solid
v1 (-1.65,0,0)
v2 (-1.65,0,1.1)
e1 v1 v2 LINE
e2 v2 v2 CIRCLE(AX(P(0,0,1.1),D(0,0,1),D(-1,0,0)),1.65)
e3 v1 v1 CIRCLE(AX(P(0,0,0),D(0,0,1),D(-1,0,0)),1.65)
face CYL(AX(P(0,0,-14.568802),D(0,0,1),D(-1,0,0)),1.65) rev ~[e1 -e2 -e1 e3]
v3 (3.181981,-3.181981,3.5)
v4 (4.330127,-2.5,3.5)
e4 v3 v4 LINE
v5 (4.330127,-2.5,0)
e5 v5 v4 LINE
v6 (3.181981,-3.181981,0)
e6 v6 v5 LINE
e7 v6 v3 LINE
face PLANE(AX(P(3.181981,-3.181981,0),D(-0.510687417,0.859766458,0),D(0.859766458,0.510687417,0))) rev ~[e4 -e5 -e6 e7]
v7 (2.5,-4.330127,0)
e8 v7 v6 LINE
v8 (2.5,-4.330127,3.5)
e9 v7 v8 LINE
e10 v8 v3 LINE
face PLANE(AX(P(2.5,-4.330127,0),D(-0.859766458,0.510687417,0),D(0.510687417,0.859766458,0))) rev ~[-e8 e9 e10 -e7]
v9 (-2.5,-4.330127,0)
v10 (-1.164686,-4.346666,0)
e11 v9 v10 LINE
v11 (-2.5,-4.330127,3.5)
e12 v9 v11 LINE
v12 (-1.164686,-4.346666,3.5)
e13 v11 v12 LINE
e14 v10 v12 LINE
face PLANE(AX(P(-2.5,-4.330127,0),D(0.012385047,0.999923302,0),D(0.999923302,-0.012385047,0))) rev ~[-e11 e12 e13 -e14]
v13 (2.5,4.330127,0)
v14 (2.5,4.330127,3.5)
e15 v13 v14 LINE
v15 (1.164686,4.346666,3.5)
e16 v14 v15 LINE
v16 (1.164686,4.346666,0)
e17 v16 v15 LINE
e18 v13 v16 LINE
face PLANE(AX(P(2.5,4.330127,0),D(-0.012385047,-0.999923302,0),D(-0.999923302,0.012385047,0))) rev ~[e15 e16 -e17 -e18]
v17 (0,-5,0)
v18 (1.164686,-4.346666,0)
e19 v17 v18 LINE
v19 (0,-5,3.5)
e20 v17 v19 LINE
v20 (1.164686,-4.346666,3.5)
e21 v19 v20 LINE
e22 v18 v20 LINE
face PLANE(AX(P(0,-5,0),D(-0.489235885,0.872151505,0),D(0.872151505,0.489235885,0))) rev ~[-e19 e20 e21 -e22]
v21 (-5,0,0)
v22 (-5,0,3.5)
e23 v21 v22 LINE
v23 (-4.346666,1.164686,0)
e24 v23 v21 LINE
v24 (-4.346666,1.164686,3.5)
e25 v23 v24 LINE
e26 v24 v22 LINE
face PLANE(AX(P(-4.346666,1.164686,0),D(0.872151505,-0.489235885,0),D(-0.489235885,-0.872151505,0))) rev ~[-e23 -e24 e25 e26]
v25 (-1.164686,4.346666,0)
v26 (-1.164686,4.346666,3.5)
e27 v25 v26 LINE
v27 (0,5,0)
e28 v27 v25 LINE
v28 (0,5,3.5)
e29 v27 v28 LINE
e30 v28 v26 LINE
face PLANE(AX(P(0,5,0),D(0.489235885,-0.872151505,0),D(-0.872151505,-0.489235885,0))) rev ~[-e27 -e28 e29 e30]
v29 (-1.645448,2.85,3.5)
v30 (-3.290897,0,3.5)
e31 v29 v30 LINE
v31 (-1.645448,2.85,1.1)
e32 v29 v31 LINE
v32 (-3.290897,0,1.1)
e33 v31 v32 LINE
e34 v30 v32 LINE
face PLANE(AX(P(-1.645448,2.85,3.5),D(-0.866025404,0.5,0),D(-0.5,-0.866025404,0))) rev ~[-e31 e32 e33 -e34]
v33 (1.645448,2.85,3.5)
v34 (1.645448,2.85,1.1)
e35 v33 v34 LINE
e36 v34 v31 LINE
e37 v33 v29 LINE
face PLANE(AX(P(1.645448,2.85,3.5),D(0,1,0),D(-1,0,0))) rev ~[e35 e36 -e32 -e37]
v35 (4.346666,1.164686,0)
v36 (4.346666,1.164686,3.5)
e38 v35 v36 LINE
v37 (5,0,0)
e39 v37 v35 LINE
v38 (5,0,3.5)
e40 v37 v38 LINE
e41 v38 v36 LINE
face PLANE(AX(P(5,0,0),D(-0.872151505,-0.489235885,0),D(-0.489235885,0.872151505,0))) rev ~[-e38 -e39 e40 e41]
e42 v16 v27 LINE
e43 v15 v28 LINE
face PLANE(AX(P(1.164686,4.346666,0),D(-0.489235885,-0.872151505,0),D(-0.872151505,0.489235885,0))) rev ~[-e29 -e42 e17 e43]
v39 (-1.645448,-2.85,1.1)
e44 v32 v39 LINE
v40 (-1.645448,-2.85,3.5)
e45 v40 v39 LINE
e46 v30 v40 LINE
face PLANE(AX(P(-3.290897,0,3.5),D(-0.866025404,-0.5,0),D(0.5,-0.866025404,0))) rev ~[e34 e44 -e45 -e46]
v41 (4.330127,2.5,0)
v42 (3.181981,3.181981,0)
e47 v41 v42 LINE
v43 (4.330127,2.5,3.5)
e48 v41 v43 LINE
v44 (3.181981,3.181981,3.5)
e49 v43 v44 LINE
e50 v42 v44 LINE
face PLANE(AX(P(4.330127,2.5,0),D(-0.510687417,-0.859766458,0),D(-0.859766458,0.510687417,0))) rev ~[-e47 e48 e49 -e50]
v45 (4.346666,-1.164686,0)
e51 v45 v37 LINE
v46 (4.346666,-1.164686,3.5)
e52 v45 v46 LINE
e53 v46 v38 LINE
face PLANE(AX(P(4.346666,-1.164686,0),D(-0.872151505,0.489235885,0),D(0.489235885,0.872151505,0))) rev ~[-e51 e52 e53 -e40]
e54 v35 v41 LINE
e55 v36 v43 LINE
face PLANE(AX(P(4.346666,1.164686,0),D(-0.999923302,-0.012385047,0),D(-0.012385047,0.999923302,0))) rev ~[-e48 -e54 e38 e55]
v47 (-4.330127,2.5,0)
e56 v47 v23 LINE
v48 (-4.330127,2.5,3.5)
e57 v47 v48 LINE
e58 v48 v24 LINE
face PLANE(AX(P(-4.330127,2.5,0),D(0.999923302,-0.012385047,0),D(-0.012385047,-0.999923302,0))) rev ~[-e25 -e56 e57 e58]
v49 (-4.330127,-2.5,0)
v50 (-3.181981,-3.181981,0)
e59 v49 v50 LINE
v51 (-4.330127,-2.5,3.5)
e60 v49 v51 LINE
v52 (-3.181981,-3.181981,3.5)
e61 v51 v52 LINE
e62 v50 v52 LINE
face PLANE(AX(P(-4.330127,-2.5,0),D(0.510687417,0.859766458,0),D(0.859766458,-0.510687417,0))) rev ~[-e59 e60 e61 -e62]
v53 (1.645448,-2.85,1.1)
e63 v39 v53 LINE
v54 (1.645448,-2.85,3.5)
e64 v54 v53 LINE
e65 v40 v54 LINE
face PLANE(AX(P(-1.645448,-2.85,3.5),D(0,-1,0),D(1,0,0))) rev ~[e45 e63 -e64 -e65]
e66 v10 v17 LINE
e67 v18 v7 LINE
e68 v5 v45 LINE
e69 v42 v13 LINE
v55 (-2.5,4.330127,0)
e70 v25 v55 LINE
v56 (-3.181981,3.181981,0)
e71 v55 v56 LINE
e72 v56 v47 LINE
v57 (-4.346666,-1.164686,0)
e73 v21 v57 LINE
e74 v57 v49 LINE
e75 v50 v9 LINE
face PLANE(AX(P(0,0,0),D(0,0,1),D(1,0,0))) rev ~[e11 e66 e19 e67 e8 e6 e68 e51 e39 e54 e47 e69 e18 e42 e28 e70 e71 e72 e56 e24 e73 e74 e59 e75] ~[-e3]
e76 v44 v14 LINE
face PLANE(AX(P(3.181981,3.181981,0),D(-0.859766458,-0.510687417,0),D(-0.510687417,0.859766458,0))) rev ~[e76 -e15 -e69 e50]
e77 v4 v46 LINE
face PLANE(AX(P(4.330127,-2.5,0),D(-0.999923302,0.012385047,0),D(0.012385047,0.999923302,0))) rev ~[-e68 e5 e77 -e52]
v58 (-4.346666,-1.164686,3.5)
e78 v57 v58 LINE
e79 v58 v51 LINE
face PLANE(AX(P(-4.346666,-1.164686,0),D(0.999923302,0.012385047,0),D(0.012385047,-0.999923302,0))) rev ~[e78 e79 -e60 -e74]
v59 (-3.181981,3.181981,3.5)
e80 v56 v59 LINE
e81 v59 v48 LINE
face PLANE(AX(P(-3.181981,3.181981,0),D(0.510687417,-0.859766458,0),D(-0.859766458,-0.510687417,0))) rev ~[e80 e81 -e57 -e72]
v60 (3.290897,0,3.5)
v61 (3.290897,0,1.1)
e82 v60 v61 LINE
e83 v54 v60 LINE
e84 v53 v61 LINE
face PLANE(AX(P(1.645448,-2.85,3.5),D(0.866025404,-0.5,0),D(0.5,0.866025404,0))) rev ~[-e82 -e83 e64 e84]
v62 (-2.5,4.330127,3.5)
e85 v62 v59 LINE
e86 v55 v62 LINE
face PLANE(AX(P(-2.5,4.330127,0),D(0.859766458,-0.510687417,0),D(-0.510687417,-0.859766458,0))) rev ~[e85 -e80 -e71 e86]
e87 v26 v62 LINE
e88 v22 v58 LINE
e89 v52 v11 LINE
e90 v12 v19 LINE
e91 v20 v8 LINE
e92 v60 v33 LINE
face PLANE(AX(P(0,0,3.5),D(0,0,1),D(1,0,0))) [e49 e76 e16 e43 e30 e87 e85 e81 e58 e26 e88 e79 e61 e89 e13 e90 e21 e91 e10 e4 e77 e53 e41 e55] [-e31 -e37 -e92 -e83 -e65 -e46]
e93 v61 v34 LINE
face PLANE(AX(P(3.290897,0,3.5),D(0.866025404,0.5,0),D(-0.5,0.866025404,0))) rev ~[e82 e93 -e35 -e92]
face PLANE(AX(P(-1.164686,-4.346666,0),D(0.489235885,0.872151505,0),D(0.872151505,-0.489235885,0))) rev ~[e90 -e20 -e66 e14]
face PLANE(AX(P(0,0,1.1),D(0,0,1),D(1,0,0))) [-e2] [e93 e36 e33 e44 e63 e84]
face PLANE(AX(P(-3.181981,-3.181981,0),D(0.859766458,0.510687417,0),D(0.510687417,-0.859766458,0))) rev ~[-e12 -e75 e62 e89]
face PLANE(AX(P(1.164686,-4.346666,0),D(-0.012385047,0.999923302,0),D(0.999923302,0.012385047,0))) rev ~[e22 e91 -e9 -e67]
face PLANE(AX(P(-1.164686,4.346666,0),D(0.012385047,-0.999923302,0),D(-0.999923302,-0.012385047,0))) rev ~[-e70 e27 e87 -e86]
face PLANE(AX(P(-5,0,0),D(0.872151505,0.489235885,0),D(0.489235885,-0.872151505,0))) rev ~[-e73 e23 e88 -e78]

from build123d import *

# Parameters (mm, degrees)
F1_DEPTH = 3.5
F3_DEPTH = 2.4
F4_D     = 3.3


with BuildPart() as f1:
    # F0 (on Top) → F1 (new body)
    with BuildSketch(Plane.XY):
        Polygon((0, 5), (-1.164685703, 4.3466662183), (-2.5, 4.3301270189), (-3.1819805153, 3.1819805153), (-4.3301270189, 2.5), (-4.3466662183, 1.164685703), (-5, 0), (-4.3466662183, -1.164685703), (-4.3301270189, -2.5), (-3.1819805153, -3.1819805153), (-2.5, -4.3301270189), (-1.164685703, -4.3466662183), (0, -5), (1.164685703, -4.3466662183), (2.5, -4.3301270189), (3.1819805153, -3.1819805153), (4.3301270189, -2.5), (4.3466662183, -1.164685703), (5, 0), (4.3466662183, 1.164685703), (4.3301270189, 2.5), (3.1819805153, 3.1819805153), (2.5, 4.3301270189), (1.164685703, 4.3466662183), align=None)
    extrude(amount=F1_DEPTH)

    # F2 (on face) → F3 (cut)
    with BuildSketch(Plane.XY.offset(3.5)):
        Polygon((-1.6454482672, -2.85), (1.6454482672, -2.85), (3.2908965344, 0), (1.6454482672, 2.85), (-1.6454482672, 2.85), (-3.2908965344, 0), align=None)
    extrude(amount=-F3_DEPTH, mode=Mode.SUBTRACT)

    # F4 (through all)
    with Locations(Plane(origin=(0, 0, 0), x_dir=(1, 0, 0), z_dir=(0, 0, -1))):
        with Locations((0, 0)):
            Hole(F4_D / 2)


solid = f1.part
